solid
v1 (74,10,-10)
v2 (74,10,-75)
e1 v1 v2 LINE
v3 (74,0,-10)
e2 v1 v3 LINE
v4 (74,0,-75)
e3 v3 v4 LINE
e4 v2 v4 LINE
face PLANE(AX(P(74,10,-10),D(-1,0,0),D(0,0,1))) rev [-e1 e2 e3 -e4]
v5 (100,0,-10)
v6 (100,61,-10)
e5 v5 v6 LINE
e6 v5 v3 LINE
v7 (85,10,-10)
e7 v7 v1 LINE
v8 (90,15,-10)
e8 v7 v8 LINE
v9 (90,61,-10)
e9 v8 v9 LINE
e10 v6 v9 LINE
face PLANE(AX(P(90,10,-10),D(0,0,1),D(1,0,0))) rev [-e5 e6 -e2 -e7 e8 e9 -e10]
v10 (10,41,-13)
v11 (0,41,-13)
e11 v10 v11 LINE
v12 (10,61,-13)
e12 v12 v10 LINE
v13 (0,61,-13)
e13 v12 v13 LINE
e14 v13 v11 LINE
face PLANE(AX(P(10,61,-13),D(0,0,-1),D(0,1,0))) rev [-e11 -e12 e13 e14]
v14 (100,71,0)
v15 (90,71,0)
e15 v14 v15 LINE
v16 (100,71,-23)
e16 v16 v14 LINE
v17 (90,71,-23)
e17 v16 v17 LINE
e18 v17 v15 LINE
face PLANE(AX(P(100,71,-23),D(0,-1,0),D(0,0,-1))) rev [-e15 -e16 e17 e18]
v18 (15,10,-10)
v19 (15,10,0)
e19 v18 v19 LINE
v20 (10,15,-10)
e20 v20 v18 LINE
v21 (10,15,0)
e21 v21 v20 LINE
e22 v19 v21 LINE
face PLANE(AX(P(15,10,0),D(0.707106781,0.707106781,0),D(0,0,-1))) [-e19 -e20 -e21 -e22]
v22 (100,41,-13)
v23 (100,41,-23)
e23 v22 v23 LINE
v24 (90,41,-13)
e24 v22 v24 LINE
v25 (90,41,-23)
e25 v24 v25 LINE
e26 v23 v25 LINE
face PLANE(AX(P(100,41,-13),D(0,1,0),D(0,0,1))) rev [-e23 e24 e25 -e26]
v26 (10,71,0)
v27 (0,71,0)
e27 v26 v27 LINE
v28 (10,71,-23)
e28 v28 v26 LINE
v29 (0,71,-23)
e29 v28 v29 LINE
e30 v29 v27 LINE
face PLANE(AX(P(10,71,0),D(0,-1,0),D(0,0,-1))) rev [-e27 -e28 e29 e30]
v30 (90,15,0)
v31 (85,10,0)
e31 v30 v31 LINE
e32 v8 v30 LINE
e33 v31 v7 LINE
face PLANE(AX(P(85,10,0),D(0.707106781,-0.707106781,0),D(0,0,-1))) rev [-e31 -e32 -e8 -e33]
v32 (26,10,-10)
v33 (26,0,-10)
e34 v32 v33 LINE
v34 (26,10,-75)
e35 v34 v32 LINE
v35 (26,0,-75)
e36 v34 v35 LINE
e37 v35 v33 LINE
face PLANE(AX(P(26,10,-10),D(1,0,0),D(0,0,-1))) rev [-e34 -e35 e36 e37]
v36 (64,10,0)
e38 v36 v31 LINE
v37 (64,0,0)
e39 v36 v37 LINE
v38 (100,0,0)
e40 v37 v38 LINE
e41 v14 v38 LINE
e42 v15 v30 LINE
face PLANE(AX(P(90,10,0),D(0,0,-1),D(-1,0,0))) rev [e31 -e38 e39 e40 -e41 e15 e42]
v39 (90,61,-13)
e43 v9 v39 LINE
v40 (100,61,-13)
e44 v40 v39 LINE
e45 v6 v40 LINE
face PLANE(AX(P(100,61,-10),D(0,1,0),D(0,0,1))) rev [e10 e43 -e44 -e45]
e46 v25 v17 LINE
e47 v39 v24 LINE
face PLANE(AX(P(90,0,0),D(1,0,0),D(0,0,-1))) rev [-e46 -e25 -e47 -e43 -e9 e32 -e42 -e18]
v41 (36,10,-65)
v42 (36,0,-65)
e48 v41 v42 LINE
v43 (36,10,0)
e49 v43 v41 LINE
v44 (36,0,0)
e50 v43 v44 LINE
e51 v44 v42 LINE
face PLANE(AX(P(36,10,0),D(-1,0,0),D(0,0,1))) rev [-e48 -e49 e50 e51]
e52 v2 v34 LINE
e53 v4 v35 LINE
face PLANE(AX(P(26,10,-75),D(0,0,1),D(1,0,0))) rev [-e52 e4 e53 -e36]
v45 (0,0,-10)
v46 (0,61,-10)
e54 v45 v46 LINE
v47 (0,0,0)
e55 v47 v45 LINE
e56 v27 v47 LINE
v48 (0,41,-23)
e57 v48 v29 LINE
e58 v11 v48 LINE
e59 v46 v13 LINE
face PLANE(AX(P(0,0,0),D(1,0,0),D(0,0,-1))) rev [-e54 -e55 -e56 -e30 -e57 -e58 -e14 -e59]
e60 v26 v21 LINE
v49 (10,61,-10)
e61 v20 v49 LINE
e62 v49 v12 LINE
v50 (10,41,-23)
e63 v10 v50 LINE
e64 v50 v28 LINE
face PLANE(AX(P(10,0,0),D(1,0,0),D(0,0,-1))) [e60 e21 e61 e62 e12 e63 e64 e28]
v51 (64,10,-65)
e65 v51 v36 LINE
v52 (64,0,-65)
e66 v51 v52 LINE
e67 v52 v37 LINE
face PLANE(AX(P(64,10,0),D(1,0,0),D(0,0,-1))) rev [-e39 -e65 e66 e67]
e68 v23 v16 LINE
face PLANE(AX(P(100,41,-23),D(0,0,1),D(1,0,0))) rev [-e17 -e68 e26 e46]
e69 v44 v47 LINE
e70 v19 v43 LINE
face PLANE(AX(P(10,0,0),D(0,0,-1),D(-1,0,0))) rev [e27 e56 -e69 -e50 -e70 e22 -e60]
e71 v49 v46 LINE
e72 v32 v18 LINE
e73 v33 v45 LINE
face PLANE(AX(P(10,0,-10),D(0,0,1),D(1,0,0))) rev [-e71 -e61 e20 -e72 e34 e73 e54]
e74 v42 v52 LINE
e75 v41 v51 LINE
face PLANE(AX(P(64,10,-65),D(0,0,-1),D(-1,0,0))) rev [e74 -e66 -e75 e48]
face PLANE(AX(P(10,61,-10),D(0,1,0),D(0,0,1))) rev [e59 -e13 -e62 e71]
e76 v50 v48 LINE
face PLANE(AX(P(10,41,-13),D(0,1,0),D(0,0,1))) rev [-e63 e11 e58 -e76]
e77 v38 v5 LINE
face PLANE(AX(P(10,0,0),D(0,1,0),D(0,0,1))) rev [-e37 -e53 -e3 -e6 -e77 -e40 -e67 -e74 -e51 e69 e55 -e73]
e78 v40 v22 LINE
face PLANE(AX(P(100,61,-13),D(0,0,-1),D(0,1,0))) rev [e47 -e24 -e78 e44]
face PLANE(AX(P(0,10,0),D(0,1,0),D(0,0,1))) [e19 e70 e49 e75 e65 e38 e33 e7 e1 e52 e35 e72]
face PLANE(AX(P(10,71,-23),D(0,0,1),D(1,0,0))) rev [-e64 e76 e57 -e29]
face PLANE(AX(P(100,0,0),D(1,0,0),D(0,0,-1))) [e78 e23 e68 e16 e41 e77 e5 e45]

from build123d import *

# Parameters (mm, degrees)
BOSS_EXTRUDE1_DEPTH = 10
BOSS_EXTRUDE2_DEPTH = 10
BOSS_EXTRUDE3_DEPTH = 10
FILLET1_SIZE        = 5


with BuildPart() as part:
    # Sketch1 → Boss-Extrude1 (new body)
    with BuildSketch(Plane(origin=(0, 0, 0), x_dir=(0, 0, -1), z_dir=(1, 0, 0))):
        Polygon((0, 0), (0, 71), (23, 71), (23, 41), (13, 41), (13, 61), (10, 61), (10, 0), align=None)
    extrude(amount=BOSS_EXTRUDE1_DEPTH)

    # Sketch2 → Boss-Extrude2 (add)
    with BuildSketch(Plane(origin=(0, 0, 0), x_dir=(1, 0, 0), z_dir=(0, 1, 0))):
        Polygon((10, 0), (36, 0), (36, 65), (50, 65), (64, 65), (64, 0), (90, 0), (90, 10), (74, 10), (74, 75), (50, 75), (26, 75), (26, 10), (10, 10), align=None)
    extrude(amount=BOSS_EXTRUDE2_DEPTH)

    # Sketch3 → Boss-Extrude3 (add)
    with BuildSketch(Plane(origin=(90, 0, 0), x_dir=(0, 0, -1), z_dir=(1, 0, 0))):
        Polygon((0, 71), (0, 0), (10, 0), (10, 61), (13, 61), (13, 41), (23, 41), (23, 71), align=None)
    extrude(amount=BOSS_EXTRUDE3_DEPTH)

    # Fillet1
    fillet1_edges = [part.edges().sort_by_distance(p)[0] for p in [
        (10, 10, -5),
        (90, 10, -5),
    ]]
    chamfer(fillet1_edges, length=FILLET1_SIZE)


solid = part.part
